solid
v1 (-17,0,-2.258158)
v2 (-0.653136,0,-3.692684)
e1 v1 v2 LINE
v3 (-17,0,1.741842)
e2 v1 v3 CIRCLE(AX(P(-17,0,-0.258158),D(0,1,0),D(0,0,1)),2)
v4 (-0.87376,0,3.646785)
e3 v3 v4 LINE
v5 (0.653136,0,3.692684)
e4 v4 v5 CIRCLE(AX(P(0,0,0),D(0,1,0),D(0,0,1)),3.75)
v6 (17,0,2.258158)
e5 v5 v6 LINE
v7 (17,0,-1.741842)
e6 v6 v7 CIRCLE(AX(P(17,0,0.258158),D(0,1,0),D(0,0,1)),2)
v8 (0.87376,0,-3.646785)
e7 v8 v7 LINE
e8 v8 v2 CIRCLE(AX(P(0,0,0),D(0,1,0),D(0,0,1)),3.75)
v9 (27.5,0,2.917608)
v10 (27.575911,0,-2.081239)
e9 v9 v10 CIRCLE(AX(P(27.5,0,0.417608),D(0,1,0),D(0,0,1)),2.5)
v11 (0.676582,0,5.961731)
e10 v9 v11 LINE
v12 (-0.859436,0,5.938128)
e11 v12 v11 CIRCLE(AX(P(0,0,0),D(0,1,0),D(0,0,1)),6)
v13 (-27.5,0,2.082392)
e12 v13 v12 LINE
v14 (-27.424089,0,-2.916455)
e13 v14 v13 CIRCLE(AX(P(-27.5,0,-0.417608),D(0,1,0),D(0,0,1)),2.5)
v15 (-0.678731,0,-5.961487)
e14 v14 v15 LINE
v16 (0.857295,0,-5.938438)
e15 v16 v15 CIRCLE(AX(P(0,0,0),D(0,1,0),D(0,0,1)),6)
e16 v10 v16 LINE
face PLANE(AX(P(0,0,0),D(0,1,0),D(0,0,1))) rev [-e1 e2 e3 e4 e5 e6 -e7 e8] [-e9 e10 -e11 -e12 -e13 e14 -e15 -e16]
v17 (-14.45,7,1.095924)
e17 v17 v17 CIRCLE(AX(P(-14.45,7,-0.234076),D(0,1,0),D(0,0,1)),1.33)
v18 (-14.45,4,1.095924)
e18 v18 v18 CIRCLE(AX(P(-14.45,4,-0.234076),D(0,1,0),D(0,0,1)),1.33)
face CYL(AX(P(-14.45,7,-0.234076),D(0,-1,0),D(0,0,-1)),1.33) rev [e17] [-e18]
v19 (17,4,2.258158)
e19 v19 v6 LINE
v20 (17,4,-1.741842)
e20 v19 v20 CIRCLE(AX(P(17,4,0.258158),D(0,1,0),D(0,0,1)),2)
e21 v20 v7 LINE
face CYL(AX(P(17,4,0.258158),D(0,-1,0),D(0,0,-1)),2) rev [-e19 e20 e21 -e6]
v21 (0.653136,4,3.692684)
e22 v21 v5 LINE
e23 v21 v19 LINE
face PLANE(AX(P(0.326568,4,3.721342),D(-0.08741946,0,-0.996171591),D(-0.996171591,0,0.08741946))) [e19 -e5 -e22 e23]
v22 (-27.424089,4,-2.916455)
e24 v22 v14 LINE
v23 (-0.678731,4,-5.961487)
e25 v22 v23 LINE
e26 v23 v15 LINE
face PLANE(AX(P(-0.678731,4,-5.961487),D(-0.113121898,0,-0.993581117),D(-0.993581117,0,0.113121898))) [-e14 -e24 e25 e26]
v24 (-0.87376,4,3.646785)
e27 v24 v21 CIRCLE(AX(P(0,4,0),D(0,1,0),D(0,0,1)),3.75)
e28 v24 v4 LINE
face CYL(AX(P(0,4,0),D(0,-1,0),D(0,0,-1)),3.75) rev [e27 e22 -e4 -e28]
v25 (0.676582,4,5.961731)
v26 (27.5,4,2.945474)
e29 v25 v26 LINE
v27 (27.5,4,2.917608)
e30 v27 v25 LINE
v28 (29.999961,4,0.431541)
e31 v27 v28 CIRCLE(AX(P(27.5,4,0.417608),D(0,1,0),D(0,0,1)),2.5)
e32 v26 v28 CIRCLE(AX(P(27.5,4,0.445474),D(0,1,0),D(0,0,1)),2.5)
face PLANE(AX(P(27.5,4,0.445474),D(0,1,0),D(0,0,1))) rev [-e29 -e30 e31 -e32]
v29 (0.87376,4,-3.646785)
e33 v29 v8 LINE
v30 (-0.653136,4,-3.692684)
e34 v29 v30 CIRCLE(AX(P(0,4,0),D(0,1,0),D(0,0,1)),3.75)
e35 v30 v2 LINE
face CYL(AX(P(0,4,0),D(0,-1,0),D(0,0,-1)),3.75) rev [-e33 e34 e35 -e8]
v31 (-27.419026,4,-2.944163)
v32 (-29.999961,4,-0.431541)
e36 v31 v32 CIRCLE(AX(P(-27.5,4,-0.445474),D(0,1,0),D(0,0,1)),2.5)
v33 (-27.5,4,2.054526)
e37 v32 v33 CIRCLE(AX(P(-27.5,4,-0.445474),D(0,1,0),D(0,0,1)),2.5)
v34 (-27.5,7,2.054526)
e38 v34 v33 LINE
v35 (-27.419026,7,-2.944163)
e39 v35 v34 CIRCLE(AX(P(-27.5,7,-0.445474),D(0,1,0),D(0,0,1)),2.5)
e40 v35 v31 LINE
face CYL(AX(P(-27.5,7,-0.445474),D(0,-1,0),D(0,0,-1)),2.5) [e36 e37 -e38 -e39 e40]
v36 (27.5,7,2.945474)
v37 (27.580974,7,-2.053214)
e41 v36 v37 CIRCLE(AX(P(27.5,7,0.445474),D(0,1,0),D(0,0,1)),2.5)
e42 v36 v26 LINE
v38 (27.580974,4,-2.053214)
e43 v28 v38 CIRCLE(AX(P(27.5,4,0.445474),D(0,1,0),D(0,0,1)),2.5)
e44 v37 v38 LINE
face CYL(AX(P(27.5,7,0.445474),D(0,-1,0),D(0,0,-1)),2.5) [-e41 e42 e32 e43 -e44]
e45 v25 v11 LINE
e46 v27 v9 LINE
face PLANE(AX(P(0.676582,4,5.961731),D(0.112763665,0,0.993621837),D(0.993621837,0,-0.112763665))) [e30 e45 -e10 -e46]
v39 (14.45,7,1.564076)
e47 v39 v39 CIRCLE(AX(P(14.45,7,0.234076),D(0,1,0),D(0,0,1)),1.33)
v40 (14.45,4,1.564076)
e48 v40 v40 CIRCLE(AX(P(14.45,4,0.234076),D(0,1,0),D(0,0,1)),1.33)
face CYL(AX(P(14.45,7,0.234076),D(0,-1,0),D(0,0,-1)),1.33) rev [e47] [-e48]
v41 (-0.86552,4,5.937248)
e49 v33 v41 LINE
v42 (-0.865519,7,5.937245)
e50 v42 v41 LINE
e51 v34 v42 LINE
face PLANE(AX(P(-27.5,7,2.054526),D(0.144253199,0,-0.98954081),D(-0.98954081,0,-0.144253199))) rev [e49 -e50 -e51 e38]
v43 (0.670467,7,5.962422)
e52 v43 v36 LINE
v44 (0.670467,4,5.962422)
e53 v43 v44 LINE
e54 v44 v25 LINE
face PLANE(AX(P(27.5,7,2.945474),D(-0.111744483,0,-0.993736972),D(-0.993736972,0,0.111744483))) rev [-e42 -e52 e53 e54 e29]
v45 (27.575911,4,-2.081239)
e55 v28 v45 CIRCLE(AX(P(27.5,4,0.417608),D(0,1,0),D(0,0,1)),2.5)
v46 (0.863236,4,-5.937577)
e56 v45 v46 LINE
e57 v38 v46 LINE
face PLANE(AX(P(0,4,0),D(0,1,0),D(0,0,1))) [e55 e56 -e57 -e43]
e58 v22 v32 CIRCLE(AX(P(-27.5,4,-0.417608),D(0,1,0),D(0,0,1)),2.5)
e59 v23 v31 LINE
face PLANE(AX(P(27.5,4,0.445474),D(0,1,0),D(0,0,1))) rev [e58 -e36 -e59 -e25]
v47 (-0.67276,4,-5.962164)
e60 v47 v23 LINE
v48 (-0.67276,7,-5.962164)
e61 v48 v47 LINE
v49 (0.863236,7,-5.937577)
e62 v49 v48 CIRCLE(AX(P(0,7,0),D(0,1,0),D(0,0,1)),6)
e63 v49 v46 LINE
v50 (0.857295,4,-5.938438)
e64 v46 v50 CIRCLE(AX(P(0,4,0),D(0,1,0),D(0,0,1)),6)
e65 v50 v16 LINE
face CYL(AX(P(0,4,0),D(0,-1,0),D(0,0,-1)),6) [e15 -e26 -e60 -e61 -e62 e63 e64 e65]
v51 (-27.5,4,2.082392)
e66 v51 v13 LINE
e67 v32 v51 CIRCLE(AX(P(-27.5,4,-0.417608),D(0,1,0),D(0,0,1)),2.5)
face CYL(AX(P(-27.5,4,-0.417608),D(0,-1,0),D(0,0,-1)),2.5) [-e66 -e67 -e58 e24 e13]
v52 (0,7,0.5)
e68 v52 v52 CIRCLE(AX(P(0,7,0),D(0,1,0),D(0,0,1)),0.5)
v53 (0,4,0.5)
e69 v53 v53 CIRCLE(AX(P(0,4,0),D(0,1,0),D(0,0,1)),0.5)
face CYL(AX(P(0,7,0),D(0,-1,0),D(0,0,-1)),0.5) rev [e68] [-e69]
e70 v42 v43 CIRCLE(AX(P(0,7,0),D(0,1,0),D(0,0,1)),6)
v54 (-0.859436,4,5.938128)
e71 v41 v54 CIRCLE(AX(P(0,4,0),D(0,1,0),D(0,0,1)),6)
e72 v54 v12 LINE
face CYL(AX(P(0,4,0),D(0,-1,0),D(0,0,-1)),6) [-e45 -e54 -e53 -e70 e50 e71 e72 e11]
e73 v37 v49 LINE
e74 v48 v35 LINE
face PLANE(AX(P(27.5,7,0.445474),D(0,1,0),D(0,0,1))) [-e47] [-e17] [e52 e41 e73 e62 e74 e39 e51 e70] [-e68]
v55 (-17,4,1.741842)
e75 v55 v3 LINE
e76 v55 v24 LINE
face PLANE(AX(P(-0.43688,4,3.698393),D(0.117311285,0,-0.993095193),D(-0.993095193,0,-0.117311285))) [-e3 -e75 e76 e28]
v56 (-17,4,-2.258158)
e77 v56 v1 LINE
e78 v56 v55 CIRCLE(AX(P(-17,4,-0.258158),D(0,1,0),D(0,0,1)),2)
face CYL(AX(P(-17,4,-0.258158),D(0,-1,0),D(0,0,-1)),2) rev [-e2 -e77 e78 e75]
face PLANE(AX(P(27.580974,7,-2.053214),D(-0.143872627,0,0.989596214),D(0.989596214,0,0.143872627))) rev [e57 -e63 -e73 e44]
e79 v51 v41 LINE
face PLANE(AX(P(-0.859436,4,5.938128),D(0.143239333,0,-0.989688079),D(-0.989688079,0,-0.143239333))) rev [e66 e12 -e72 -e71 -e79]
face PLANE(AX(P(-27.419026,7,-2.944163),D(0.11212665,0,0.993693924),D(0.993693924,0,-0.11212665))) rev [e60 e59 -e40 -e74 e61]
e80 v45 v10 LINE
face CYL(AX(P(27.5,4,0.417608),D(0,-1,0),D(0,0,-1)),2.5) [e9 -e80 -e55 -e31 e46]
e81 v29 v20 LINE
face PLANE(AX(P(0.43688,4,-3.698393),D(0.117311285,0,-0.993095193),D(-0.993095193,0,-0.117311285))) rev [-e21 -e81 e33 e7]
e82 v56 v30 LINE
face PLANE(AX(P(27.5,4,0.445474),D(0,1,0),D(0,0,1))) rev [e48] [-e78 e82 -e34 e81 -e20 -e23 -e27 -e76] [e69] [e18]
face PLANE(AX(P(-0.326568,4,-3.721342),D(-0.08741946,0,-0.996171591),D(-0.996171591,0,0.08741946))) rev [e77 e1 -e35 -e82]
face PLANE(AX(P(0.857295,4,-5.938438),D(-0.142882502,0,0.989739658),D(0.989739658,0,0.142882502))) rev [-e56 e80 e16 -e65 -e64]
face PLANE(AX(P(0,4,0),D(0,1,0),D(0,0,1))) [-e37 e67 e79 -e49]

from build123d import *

# Parameters (mm, degrees)
BOSS_EXTRUDE2_DEPTH = 4
SKETCH2_R           = 0.5
SKETCH2_R_2         = 1.33
BOSS_EXTRUDE5_DEPTH = 3


with BuildPart() as part:
    # Sketch1 → Boss-Extrude2 (new body)
    with BuildSketch(Plane(origin=(0, 0, 0), x_dir=(1, 0, 0), z_dir=(0, 1, 0))):
        with BuildLine():
            ThreePointArc((27.5, -2.917608197), (29.999711791, -0.455568202), (27.575911257, 2.081239034))
            Line((27.575911257, 2.081239034), (0.857295011, 5.938437948))
            ThreePointArc((0.857295011, 5.938437948), (0.090022516, 5.999324624), (-0.678731386, 5.961486703))
            Line((-0.678731386, 5.961486703), (-27.424088743, 2.916455427))
            ThreePointArc((-27.424088743, 2.916455427), (-29.999711791, 0.455568202), (-27.5, -2.082391803))
            Line((-27.5, -2.082391803), (-0.859435998, -5.938128473))
            ThreePointArc((-0.859435998, -5.938128473), (-0.092185505, -5.999291778), (0.676581989, -5.961731025))
            Line((0.676581989, -5.961731025), (27.5, -2.917608197))
        make_face()
        with BuildLine():
            ThreePointArc((-17, -1.741842206), (-19, 0.258157794), (-17, 2.258157794))
            Line((-17, 2.258157794), (-0.65313587, 3.692683785))
            ThreePointArc((-0.65313587, 3.692683785), (-0.327822976, 3.735643465), (0, 3.75))
            ThreePointArc((0, 3.75), (0.43991732, 3.724106974), (0.873759552, 3.646785467))
            Line((0.873759552, 3.646785467), (17, 1.741842206))
            ThreePointArc((17, 1.741842206), (19, -0.258157794), (17, -2.258157794))
            Line((17, -2.258157794), (0.65313587, -3.692683785))
            ThreePointArc((0.65313587, -3.692683785), (0.327822976, -3.735643465), (0, -3.75))
            ThreePointArc((0, -3.75), (-0.43991732, -3.724106974), (-0.873759552, -3.646785467))
            Line((-0.873759552, -3.646785467), (-17, -1.741842206))
        make_face(mode=Mode.SUBTRACT)
    extrude(amount=BOSS_EXTRUDE2_DEPTH)

    # Sketch2 → Boss-Extrude5 (add)
    with BuildSketch(Plane(origin=(0, 4, 0), x_dir=(1, 0, 0), z_dir=(0, 1, 0))):
        with BuildLine():
            Line((27.580974078, 2.053213999), (0.863235763, 5.937577285))
            ThreePointArc((0.863235763, 5.937577285), (0.096028041, 5.999231502), (-0.6727599, 5.962163543))
            Line((-0.6727599, 5.962163543), (-27.419025922, 2.944162592))
            ThreePointArc((-27.419025922, 2.944162592), (-29.999672052, 0.485966647), (-27.5, -2.054525704))
            Line((-27.5, -2.054525704), (-0.865519194, -5.93724486))
            ThreePointArc((-0.865519194, -5.93724486), (-0.09833524, -5.999194128), (0.6704669, -5.962421835))
            Line((0.6704669, -5.962421835), (27.5, -2.945474296))
            ThreePointArc((27.5, -2.945474296), (29.999672052, -0.485966647), (27.580974078, 2.053213999))
        make_face()
        with Locations(Location((0, 0, 0), (0, 0, 270))):
            Circle(SKETCH2_R, mode=Mode.SUBTRACT)
        with Locations(Location((-14.45, 0.234076494, 0), (0, 0, 270))):
            Circle(SKETCH2_R_2, mode=Mode.SUBTRACT)
        with Locations(Location((14.45, -0.234076494, 0), (0, 0, 270))):
            Circle(SKETCH2_R_2, mode=Mode.SUBTRACT)
    extrude(amount=BOSS_EXTRUDE5_DEPTH)


solid = part.part
